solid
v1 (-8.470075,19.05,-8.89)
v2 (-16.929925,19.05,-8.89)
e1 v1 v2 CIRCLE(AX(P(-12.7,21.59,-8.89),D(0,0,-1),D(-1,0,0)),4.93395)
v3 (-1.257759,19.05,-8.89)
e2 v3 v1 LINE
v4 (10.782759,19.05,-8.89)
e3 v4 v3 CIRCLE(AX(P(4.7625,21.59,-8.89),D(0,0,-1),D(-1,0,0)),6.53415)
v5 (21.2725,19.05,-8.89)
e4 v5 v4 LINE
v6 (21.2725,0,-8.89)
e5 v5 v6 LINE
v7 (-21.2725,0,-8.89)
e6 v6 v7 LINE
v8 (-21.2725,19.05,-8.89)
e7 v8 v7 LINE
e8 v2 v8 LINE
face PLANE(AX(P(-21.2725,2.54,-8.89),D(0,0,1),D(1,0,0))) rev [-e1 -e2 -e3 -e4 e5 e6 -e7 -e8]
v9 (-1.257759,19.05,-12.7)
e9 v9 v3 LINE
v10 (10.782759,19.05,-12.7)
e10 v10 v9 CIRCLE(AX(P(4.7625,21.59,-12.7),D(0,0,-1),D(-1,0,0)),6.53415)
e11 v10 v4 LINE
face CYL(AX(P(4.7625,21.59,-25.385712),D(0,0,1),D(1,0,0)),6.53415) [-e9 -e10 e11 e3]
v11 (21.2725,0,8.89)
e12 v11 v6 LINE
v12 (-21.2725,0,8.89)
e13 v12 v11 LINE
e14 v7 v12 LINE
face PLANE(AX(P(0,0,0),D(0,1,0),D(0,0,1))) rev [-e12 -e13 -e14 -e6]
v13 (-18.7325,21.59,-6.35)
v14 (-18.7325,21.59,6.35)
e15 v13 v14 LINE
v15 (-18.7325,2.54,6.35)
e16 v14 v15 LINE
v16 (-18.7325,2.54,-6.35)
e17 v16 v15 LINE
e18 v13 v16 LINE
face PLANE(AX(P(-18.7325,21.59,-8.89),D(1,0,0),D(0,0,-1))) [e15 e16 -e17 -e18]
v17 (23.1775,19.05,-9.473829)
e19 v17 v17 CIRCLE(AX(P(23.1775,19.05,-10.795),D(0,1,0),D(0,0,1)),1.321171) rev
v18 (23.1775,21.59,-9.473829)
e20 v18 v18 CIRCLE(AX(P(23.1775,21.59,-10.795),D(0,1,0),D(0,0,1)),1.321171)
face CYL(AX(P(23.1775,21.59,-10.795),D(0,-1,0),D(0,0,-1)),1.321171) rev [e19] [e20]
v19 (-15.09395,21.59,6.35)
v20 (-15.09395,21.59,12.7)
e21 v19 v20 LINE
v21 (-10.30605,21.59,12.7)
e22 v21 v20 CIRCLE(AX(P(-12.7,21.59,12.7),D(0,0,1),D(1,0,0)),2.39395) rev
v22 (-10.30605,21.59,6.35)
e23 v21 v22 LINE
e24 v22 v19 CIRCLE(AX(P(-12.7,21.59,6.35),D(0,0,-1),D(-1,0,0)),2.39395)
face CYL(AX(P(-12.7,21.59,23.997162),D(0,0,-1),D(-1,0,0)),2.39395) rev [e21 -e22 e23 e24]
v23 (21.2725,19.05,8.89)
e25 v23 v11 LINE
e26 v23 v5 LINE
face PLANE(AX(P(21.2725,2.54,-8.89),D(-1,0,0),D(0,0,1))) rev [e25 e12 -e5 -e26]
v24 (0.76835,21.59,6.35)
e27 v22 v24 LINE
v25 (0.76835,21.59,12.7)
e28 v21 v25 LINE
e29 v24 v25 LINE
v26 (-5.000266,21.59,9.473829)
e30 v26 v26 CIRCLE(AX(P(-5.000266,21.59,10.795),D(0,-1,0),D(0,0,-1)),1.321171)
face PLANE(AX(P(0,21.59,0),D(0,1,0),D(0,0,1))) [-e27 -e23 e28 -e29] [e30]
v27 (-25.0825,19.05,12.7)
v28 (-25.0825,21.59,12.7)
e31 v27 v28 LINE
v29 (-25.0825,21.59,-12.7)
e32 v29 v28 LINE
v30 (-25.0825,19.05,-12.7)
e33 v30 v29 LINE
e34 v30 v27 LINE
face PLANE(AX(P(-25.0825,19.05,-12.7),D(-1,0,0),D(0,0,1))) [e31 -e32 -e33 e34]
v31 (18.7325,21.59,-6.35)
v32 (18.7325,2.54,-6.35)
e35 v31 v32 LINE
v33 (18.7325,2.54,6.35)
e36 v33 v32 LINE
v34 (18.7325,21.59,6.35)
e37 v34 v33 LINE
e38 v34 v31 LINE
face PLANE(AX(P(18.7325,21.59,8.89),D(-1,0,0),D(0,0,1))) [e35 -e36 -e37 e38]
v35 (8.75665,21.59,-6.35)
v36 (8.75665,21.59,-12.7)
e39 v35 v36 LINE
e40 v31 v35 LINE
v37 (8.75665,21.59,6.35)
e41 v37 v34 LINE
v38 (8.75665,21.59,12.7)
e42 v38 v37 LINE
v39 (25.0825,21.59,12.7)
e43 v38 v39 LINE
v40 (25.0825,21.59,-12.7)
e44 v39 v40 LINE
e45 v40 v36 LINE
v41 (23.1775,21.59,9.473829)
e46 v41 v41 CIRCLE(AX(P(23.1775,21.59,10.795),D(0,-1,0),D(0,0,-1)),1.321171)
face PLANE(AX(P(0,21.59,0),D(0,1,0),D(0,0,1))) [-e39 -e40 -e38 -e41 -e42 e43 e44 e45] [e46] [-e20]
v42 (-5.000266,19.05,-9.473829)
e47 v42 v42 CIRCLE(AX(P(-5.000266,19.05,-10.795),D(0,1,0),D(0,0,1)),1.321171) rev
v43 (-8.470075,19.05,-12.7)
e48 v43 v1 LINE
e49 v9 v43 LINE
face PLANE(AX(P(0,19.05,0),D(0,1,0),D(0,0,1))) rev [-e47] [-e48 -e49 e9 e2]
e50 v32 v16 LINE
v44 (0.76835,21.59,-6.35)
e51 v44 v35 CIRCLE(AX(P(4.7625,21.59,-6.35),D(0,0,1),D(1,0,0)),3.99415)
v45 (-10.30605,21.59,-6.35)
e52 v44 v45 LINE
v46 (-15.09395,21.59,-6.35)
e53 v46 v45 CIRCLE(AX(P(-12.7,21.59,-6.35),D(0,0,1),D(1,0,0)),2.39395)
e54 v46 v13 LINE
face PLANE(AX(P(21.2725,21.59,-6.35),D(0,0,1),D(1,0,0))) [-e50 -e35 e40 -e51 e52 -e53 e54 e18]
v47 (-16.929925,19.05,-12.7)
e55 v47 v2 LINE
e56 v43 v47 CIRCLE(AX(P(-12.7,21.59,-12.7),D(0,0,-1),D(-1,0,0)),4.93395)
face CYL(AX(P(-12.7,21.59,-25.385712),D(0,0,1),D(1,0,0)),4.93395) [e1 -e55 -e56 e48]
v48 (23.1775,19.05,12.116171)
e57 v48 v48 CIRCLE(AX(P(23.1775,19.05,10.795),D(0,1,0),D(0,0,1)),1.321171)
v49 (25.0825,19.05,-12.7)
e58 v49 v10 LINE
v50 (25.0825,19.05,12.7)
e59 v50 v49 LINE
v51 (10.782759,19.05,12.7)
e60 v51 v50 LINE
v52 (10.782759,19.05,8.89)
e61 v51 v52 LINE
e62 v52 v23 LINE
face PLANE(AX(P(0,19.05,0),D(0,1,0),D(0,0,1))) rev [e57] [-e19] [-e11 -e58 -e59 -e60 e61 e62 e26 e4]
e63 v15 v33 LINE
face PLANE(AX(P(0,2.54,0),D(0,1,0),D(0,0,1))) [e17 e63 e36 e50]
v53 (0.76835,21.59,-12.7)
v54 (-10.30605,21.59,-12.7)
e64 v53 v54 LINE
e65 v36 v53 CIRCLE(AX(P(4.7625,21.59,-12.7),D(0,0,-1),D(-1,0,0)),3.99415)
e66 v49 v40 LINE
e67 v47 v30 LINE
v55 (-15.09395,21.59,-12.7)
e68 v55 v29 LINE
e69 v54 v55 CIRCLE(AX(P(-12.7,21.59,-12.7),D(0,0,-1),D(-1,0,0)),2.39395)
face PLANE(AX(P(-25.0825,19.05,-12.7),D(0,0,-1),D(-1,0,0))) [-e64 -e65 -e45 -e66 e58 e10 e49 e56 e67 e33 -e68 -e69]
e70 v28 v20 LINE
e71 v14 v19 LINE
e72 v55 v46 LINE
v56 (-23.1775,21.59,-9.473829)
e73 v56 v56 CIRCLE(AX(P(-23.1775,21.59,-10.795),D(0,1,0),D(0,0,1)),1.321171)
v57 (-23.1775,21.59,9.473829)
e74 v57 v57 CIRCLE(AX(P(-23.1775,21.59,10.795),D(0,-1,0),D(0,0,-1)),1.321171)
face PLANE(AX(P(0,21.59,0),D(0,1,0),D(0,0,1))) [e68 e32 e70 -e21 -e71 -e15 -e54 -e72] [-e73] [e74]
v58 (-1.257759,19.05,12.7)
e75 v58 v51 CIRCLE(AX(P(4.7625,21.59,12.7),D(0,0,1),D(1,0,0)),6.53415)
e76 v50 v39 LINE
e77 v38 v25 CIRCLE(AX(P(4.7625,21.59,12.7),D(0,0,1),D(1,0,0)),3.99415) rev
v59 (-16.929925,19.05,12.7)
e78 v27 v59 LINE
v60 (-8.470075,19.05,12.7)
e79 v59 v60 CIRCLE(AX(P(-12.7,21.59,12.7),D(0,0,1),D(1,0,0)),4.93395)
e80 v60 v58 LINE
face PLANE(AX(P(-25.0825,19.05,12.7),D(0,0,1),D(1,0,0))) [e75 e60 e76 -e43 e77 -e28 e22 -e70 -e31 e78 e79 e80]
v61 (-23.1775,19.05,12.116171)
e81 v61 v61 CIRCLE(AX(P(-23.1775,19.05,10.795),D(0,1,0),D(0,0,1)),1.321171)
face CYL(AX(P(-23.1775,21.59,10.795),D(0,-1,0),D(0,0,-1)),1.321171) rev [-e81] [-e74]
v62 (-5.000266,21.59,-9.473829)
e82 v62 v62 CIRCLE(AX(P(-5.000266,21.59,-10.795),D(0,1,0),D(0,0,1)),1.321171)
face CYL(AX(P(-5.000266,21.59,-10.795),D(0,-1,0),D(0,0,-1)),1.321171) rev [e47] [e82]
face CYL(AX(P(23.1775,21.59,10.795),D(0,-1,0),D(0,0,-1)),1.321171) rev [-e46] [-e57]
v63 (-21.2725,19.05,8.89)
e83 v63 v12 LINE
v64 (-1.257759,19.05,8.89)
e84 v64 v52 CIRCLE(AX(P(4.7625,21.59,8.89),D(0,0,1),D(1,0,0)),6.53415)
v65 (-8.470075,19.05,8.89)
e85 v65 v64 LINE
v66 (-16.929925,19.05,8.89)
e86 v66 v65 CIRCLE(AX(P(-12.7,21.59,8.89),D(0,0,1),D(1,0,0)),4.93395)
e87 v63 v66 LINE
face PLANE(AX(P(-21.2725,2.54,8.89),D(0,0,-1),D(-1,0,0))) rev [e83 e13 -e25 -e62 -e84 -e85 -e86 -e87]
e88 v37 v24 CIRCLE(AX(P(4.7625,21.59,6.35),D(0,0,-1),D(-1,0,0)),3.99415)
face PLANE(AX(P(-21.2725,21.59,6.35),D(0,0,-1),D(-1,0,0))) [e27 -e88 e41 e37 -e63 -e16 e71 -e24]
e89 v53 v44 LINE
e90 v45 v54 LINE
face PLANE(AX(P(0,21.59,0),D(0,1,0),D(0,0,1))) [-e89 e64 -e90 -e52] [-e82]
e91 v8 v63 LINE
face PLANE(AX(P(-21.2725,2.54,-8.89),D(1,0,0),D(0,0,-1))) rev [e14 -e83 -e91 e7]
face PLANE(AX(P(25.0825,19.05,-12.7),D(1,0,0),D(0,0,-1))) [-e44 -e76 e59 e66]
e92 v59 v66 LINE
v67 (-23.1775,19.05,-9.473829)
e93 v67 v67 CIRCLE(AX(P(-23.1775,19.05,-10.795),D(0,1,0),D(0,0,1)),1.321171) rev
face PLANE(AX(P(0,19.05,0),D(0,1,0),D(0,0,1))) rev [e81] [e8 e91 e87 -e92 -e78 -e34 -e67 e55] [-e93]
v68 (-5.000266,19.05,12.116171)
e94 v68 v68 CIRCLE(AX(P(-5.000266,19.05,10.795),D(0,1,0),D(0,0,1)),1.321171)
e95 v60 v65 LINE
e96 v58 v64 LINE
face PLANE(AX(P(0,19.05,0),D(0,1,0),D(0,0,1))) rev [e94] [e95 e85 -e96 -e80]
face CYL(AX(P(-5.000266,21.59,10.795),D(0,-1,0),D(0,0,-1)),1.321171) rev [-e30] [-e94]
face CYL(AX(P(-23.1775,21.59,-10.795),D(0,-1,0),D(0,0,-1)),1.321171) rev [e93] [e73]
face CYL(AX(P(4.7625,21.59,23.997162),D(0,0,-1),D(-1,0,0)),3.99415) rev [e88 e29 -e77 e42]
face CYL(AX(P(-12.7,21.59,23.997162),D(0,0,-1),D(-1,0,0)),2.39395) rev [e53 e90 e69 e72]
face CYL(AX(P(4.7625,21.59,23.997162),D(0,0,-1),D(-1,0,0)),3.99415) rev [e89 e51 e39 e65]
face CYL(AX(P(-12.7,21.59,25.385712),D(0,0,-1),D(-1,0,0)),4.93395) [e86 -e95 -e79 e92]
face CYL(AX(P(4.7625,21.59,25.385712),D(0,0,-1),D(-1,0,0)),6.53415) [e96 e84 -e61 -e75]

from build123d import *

# Parameters (mm, degrees)
SKETCH1_W           = 42.545
SKETCH1_H           = 17.78
BOSS_EXTRUDE1_DEPTH = 2.54
SKETCH2_W           = 42.545
SKETCH2_H           = 17.78
SKETCH2_W_2         = 37.465
SKETCH2_H_2         = 12.7
EXTRUDE_THIN1_DEPTH = 19.05
SKETCH3_W           = 50.165
SKETCH3_H           = 25.4
SKETCH3_W_2         = 42.545
SKETCH3_H_2         = 17.78
BOSS_EXTRUDE2_DEPTH = 2.54
CUT_EXTRUDE1_REACH  = 43.718
SKETCH4_R           = 2.39395
SKETCH4_R_2         = 3.99415
BOSS_EXTRUDE3_START = 3.81
BOSS_EXTRUDE3_DEPTH = 3.81
BOSS_EXTRUDE4_DEPTH = 3.81
SKETCH7_R           = 1.321170669
CUT_EXTRUDE2_DEPTH  = 36.447847696


with BuildPart() as part:
    # Sketch1 → Boss-Extrude1 (new body)
    with BuildSketch(Plane(origin=(0, 0, 0), x_dir=(1, 0, 0), z_dir=(0, 1, 0))):
        Rectangle(SKETCH1_W, SKETCH1_H)
    extrude(amount=BOSS_EXTRUDE1_DEPTH)

    # Sketch2 → Extrude-Thin1 (add)
    with BuildSketch(Plane(origin=(0, 2.54, 0), x_dir=(1, 0, 0), z_dir=(0, 1, 0))):
        Rectangle(SKETCH2_W, SKETCH2_H)
        Rectangle(SKETCH2_W_2, SKETCH2_H_2, mode=Mode.SUBTRACT)
    extrude(amount=EXTRUDE_THIN1_DEPTH)

    # Sketch3 → Boss-Extrude2 (add)
    with BuildSketch(Plane(origin=(0, 21.59, 0), x_dir=(1, 0, 0), z_dir=(0, 1, 0))):
        Rectangle(SKETCH3_W, SKETCH3_H)
        Rectangle(SKETCH3_W_2, SKETCH3_H_2, mode=Mode.SUBTRACT)
    extrude(amount=-BOSS_EXTRUDE2_DEPTH)

    # Cut-Extrude1: up to this face of the body (flat: up to its plane)
    cut_extrude1_end = Plane(part.part.faces().sort_by_distance((0, 20.32, 12.7))[0])
    # Sketch4 → Cut-Extrude1 (cut, up to the picked face)
    with BuildSketch(Plane(origin=(0, 0, -12.7), x_dir=(-1, 0, 0), z_dir=(0, 0, -1)), mode=Mode.PRIVATE) as cut_extrude1_sk1:
        with Locations((12.7, 21.59)):
            Circle(SKETCH4_R)
    cut_extrude1_tool1 = split(extrude(cut_extrude1_sk1.sketch, amount=-CUT_EXTRUDE1_REACH, mode=Mode.PRIVATE), bisect_by=cut_extrude1_end, keep=Keep.BOTH, mode=Mode.PRIVATE)
    # Sketch4 → Cut-Extrude1 (cut, up to the picked face)
    with BuildSketch(Plane(origin=(0, 0, -12.7), x_dir=(-1, 0, 0), z_dir=(0, 0, -1)), mode=Mode.PRIVATE) as cut_extrude1_sk2:
        with Locations((-4.7625, 21.59)):
            Circle(SKETCH4_R_2)
    cut_extrude1_tool2 = split(extrude(cut_extrude1_sk2.sketch, amount=-CUT_EXTRUDE1_REACH, mode=Mode.PRIVATE), bisect_by=cut_extrude1_end, keep=Keep.BOTH, mode=Mode.PRIVATE)
    add(cut_extrude1_tool1.solids().sort_by(Axis((-12.7, 21.59, -12.7), (0, 0, 1)))[0], mode=Mode.SUBTRACT)
    add(cut_extrude1_tool2.solids().sort_by(Axis((4.7625, 21.59, -12.7), (0, 0, 1)))[0], mode=Mode.SUBTRACT)

    # Sketch5 → Boss-Extrude3 (add)
    with BuildSketch(Plane(origin=(0, 0, -8.89), x_dir=(-1, 0, 0), z_dir=(0, 0, -1)).offset(BOSS_EXTRUDE3_START)):
        with BuildLine():
            Line((-7.844972096, 19.05), (-10.782758817, 19.05))
            ThreePointArc((-10.782758817, 19.05), (-4.7625, 15.05585), (1.257758817, 19.05))
            Line((1.257758817, 19.05), (-1.680027904, 19.05))
            ThreePointArc((-1.680027904, 19.05), (-4.7625, 17.59585), (-7.844972096, 19.05))
        make_face()
        with BuildLine():
            Line((16.929924657, 19.05), (8.470075343, 19.05))
            ThreePointArc((8.470075343, 19.05), (12.7, 16.65605), (16.929924657, 19.05))
        make_face()
    extrude(amount=-BOSS_EXTRUDE3_DEPTH)

    # Sketch6 → Boss-Extrude4 (add)
    with BuildSketch(Plane.XY.offset(8.89)):
        with BuildLine():
            ThreePointArc((7.844972096, 19.05), (4.7625, 17.59585), (1.680027904, 19.05))
            Line((1.680027904, 19.05), (-1.257758817, 19.05))
            ThreePointArc((-1.257758817, 19.05), (4.7625, 15.05585), (10.782758817, 19.05))
            Line((10.782758817, 19.05), (7.844972096, 19.05))
        make_face()
        with BuildLine():
            ThreePointArc((-16.929924657, 19.05), (-12.7, 16.65605), (-8.470075343, 19.05))
            Line((-8.470075343, 19.05), (-16.929924657, 19.05))
        make_face()
    extrude(amount=BOSS_EXTRUDE4_DEPTH)

    # Sketch7 → Cut-Extrude2 (cut, through all)
    with BuildSketch(Plane.XZ):
        with Locations(Location((-5.000265623, 10.795, 0), (0, 0, 270))):
            Circle(SKETCH7_R)
        with Locations(Location((-5.000265623, -10.795, 0), (0, 0, 90))):
            Circle(SKETCH7_R)
        with Locations(Location((23.1775, 10.795, 0), (0, 0, 270))):
            Circle(SKETCH7_R)
        with Locations(Location((23.1775, -10.795, 0), (0, 0, 90))):
            Circle(SKETCH7_R)
        with Locations(Location((-23.1775, 10.795, 0), (0, 0, 270))):
            Circle(SKETCH7_R)
        with Locations(Location((-23.1775, -10.795, 0), (0, 0, 90))):
            Circle(SKETCH7_R)
    extrude(amount=-CUT_EXTRUDE2_DEPTH, mode=Mode.SUBTRACT)


solid = part.part
